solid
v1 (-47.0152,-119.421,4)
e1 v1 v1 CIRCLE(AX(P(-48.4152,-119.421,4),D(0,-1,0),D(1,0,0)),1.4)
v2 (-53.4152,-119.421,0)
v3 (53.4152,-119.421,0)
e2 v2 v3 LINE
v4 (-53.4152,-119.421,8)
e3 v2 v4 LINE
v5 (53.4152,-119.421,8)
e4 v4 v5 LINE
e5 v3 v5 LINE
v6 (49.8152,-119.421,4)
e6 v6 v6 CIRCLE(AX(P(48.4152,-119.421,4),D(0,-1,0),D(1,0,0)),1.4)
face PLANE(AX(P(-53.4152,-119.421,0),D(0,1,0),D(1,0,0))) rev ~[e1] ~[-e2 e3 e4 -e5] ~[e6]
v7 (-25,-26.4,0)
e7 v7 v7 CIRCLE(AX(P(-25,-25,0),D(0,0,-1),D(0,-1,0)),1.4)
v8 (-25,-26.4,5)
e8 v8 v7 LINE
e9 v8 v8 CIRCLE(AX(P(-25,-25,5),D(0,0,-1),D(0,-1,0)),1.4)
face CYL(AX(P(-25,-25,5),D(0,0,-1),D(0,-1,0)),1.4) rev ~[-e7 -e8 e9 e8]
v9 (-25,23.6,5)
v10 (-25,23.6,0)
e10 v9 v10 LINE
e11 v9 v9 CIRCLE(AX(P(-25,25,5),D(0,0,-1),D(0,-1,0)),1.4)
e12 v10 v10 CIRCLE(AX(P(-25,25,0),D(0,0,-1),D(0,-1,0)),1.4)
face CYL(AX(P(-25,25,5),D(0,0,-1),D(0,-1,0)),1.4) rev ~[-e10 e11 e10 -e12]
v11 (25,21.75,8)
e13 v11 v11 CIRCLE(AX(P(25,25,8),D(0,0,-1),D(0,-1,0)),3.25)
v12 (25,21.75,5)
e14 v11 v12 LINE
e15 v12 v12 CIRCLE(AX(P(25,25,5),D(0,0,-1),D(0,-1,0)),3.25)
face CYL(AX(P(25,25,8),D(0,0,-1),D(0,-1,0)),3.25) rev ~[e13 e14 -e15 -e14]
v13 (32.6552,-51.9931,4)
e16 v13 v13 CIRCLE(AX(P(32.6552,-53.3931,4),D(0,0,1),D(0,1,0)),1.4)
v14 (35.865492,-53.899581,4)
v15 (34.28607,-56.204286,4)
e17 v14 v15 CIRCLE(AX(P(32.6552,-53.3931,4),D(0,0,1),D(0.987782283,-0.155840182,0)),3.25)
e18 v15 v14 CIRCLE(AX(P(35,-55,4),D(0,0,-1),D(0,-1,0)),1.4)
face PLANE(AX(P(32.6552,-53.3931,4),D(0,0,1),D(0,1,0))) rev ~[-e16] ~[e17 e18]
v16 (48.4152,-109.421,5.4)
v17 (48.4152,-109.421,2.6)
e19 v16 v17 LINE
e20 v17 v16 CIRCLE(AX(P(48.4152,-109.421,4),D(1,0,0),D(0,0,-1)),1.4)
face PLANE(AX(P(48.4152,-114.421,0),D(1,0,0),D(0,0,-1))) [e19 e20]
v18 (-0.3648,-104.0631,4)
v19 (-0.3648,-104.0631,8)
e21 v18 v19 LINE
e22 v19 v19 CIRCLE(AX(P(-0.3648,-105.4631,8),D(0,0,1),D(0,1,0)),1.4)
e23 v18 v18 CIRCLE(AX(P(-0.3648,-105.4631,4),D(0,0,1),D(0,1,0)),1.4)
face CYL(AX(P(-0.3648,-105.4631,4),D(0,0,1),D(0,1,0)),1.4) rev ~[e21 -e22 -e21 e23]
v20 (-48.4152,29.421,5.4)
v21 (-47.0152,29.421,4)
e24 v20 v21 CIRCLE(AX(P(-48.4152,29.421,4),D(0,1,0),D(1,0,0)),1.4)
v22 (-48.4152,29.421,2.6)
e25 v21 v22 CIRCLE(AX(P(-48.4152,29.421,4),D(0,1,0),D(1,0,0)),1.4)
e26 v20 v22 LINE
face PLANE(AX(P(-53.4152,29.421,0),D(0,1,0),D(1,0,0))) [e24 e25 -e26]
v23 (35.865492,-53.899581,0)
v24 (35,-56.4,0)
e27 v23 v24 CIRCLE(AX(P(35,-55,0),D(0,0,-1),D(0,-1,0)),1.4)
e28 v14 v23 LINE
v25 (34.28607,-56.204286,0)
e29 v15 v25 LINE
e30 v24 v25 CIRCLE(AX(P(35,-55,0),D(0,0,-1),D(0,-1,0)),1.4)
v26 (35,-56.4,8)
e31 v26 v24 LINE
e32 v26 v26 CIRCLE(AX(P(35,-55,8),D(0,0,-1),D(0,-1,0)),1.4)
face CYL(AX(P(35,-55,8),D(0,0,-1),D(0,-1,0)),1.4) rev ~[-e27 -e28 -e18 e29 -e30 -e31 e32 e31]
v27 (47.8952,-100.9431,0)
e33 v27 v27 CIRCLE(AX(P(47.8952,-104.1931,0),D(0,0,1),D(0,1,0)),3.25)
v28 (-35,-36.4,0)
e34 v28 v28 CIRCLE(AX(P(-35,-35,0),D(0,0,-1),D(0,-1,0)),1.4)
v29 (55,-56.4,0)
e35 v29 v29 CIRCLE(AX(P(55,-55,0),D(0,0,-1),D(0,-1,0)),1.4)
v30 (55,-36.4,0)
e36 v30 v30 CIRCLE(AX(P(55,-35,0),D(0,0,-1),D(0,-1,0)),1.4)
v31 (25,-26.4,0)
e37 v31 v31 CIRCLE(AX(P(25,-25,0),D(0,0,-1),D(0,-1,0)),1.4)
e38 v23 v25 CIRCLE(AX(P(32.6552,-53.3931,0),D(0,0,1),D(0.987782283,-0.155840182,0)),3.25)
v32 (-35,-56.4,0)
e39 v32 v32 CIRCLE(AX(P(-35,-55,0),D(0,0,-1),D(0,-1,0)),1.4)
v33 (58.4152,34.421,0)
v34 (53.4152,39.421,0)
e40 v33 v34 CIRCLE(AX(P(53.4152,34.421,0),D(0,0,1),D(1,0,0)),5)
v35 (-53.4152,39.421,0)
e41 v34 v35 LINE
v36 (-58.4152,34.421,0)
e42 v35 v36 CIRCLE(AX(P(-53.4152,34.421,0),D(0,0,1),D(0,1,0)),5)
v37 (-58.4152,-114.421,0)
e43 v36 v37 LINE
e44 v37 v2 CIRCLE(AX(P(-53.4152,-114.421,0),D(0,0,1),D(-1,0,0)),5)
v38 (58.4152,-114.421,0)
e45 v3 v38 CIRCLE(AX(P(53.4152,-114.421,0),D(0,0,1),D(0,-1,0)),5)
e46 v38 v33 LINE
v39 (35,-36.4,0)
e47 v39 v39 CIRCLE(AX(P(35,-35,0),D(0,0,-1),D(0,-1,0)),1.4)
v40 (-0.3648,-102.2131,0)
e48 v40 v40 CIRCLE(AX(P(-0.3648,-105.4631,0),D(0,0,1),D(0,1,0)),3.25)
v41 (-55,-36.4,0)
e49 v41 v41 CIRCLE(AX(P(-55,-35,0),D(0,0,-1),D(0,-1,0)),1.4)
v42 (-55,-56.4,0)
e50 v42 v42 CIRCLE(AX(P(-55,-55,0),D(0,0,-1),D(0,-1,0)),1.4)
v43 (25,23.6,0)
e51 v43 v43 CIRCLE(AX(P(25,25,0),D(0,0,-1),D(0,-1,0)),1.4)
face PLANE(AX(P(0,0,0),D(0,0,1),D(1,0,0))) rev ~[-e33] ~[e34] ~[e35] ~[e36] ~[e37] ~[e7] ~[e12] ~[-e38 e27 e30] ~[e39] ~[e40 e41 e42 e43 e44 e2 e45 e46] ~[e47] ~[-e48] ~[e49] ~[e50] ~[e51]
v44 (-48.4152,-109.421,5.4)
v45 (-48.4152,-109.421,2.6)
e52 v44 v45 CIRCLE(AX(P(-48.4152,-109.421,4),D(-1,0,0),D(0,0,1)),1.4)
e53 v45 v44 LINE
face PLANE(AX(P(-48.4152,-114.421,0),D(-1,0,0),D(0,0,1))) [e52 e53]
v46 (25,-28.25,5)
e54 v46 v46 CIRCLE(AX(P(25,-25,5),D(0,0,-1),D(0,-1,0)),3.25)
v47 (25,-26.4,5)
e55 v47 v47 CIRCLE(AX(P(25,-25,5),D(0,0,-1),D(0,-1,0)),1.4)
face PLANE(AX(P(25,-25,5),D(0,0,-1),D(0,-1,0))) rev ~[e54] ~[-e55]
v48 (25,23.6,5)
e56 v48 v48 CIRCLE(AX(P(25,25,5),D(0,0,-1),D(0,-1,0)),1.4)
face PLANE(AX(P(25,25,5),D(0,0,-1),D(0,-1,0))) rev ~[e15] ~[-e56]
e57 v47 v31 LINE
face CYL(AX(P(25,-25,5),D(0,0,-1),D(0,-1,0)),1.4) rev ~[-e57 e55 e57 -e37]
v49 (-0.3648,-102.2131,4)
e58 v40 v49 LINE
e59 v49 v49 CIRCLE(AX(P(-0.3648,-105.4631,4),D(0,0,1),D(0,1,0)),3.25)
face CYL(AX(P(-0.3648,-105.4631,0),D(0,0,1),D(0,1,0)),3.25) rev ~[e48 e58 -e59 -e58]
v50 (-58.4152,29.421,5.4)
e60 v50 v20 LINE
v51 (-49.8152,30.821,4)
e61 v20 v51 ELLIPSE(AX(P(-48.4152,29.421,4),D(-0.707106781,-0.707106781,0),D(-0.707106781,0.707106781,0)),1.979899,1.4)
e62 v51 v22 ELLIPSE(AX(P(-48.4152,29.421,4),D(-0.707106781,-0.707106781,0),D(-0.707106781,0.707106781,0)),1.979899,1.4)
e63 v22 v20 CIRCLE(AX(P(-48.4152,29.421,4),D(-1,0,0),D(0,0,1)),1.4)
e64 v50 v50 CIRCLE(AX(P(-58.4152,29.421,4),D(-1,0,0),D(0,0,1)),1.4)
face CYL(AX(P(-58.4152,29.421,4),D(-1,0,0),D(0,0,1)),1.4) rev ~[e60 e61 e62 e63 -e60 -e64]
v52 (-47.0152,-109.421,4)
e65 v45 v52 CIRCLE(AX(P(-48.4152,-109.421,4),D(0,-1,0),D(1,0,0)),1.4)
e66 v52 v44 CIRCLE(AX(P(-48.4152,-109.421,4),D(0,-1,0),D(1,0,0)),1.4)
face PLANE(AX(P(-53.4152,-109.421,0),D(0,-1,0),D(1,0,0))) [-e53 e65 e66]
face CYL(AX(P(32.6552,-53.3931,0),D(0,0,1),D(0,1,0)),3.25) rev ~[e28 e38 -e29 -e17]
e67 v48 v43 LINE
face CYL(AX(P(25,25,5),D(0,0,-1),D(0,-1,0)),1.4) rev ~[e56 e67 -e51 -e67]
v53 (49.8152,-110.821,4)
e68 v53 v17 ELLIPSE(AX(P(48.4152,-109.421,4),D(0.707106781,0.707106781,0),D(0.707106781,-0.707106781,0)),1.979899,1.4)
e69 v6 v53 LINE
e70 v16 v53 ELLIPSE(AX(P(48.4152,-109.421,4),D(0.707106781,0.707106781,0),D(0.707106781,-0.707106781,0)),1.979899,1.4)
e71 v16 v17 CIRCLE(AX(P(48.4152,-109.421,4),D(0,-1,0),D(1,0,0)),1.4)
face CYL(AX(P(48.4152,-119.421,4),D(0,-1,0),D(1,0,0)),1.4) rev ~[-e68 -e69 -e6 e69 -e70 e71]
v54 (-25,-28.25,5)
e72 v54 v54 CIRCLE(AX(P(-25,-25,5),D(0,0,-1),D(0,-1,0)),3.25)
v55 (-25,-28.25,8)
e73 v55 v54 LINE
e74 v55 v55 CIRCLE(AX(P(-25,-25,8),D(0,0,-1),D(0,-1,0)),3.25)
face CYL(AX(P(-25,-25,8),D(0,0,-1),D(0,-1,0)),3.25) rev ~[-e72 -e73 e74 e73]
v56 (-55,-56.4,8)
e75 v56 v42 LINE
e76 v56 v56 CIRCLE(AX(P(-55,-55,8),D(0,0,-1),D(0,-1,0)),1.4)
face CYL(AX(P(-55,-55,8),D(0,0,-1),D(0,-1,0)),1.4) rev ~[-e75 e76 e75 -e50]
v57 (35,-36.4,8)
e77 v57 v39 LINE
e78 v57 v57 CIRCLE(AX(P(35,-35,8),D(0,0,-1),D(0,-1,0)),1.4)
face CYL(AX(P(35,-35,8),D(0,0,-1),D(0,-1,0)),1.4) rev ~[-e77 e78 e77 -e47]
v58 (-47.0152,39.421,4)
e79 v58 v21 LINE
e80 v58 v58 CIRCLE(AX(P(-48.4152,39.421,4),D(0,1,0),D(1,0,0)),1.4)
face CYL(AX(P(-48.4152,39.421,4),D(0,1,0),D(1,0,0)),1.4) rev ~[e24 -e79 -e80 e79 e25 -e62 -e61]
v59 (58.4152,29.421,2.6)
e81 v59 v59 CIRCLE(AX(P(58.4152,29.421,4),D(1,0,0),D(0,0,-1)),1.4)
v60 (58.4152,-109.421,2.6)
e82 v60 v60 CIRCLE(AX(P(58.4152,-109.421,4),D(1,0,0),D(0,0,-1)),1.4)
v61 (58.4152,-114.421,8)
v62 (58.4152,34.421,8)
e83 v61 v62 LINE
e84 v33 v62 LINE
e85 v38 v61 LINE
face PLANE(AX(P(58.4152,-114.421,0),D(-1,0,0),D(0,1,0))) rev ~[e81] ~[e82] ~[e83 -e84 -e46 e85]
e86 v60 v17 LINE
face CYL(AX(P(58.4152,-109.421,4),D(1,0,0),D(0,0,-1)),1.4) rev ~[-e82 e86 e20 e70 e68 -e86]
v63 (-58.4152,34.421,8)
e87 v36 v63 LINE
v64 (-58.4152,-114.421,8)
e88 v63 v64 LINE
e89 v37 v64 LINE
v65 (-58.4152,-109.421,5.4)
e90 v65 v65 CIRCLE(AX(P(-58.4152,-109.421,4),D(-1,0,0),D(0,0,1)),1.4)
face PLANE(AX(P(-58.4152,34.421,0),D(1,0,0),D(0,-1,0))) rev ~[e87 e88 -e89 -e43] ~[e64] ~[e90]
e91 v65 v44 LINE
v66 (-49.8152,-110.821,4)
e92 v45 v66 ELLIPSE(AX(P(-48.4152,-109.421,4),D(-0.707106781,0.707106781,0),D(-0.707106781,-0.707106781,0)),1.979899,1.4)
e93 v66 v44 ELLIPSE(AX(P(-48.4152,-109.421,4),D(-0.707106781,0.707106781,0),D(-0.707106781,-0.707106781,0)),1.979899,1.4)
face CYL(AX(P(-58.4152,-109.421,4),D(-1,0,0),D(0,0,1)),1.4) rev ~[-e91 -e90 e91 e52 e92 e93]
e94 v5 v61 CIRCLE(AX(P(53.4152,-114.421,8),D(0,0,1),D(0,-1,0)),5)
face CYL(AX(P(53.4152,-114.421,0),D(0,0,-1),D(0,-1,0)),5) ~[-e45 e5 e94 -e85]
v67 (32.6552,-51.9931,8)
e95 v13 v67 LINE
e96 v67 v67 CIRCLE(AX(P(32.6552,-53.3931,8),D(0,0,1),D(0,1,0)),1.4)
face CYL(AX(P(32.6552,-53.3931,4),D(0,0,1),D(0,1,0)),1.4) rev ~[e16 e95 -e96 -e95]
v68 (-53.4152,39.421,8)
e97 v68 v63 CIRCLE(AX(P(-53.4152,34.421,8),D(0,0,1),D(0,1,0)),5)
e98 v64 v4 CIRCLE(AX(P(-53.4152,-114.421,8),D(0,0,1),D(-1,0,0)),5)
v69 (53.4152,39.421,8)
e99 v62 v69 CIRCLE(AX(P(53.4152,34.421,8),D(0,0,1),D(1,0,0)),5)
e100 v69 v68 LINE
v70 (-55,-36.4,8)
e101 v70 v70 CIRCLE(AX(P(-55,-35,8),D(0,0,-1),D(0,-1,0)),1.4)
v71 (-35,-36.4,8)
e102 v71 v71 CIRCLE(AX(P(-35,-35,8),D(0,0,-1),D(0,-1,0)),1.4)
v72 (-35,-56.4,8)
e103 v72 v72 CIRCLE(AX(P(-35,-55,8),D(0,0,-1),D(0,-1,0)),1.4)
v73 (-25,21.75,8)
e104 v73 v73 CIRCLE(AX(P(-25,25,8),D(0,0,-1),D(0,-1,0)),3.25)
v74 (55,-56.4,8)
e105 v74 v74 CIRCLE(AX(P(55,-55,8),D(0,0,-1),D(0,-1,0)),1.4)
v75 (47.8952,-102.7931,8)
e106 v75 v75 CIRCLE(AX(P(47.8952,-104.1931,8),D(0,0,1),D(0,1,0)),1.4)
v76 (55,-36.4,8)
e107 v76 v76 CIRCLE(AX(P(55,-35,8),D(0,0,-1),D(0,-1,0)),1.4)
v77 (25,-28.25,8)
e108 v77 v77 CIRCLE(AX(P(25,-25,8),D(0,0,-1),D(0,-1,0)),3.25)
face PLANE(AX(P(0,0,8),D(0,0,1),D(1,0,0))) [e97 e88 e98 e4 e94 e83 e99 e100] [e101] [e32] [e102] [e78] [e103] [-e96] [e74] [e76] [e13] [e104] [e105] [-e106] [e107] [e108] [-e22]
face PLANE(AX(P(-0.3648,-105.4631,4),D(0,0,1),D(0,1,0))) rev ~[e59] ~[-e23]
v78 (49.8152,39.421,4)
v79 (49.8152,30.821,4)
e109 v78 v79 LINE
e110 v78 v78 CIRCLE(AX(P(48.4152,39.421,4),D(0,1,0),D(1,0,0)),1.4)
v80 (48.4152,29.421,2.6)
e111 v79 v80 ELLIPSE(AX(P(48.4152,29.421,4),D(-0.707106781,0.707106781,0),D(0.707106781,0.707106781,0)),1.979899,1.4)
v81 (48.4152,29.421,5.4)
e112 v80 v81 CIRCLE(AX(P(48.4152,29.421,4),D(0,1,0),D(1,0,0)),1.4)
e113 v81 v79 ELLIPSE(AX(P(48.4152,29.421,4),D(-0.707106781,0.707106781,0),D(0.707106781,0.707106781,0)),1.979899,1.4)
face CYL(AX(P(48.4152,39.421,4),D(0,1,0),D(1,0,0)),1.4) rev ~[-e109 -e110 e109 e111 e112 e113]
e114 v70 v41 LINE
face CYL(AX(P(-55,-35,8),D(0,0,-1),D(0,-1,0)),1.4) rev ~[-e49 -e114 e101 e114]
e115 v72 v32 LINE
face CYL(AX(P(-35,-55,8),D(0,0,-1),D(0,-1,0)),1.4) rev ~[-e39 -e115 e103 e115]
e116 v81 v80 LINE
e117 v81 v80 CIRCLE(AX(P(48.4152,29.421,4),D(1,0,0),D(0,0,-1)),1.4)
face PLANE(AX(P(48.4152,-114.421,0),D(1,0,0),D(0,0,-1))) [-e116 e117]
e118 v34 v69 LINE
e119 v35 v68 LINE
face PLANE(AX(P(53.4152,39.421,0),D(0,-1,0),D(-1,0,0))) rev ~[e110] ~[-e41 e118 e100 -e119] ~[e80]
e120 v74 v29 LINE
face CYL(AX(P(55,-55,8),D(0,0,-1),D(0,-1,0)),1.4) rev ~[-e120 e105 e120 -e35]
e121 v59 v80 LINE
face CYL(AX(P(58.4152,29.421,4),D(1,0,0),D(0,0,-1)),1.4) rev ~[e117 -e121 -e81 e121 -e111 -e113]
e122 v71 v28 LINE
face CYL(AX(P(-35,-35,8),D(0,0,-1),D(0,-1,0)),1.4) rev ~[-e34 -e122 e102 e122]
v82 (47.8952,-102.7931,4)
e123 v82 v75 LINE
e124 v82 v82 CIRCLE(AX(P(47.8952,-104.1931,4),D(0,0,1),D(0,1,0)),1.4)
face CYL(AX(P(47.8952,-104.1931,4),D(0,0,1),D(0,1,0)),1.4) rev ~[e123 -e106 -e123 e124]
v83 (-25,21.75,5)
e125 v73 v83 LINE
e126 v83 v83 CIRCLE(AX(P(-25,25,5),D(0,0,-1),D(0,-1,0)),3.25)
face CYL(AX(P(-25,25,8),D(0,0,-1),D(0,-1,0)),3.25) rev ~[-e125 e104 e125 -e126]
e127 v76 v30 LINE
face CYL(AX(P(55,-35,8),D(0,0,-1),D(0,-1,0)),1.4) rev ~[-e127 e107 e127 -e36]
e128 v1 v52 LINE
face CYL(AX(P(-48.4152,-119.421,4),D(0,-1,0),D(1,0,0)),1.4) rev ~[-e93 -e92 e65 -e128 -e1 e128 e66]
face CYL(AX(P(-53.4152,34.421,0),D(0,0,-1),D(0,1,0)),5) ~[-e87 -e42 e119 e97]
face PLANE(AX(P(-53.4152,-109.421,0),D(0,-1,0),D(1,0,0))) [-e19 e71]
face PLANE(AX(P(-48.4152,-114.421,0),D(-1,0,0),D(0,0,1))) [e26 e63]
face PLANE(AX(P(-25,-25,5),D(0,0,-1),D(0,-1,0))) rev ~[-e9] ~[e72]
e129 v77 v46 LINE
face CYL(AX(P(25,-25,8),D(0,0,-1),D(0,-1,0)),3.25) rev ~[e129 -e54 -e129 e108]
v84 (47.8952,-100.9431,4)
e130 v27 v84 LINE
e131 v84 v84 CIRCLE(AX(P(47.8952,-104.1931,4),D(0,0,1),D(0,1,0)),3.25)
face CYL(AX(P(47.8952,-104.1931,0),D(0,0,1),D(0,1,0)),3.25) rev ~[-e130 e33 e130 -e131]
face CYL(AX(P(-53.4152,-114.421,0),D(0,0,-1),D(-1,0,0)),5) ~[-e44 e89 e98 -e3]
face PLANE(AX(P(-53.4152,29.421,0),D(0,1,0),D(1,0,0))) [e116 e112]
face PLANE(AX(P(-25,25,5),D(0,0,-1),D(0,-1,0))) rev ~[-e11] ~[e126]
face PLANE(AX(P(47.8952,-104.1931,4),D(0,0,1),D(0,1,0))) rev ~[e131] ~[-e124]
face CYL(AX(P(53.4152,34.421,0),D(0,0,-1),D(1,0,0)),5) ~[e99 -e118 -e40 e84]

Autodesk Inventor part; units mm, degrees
ref_plane "YZ Plane" through (0, 0, 0) normal (1, 0, 0) x (0, 1, 0)
ref_plane "XZ Plane" through (0, 0, 0) normal (0, 1, 0) x (-1, 0, 0)
ref_plane "XY Plane" through (0, 0, 0) normal (0, 0, 1) x (1, 0, 0)
ref_plane "Arbeitsebene1" through (0, 0, 0) normal (0, 0, 1) x (1, 0, 0)
sketch "Skizze1" plane through (0, 0, 0) normal (0, 0, 1) x (1, 0, 0)
  point P0 (0, 0)
ref_plane "Arbeitsebene2" through (0, 0, 0) normal (0, 0, 1) x (1, 0, 0)
sketch "Skizze2" plane through (0, 0, 0) normal (0, 0, 1) x (1, 0, 0)
  line L0 (58.4152, -114.421) -> (58.4152, 34.421) projected
  arc A0 (58.4152, 34.421) -> (53.4152, 39.421) centre (53.4152, 34.421) ccw projected
  line L1 (53.4152, 39.421) -> (-53.4152, 39.421) projected
  arc A1 (-53.4152, 39.421) -> (-58.4152, 34.421) centre (-53.4152, 34.421) ccw projected
  line L2 (-58.4152, 34.421) -> (-58.4152, -114.421) projected
  arc A2 (-58.4152, -114.421) -> (-53.4152, -119.421) centre (-53.4152, -114.421) ccw projected
  line L3 (-53.4152, -119.421) -> (53.4152, -119.421) projected
  arc A3 (53.4152, -119.421) -> (58.4152, -114.421) centre (53.4152, -114.421) ccw projected
  circle A4 centre (-25, 25) radius 2.25 projected
  circle A5 centre (25, 25) radius 2.25 projected
  circle A6 centre (-25, -25) radius 2.25 projected
  circle A7 centre (25, -25) radius 2.25 projected
  circle A8 centre (-54.4152, 35.421) radius 1.4 projected
  circle A9 centre (54.4152, -115.421) radius 1.4 projected
  circle A10 centre (54.4152, 35.421) radius 1.4 projected
  circle A11 centre (-54.4152, -115.421) radius 1.4 projected
  line L4 (41.1596, -107.1216) -> (-37.8004, -107.1216) projected
  line L5 (-37.8004, -107.1216) -> (-37.8004, 14.1284) projected
  line L6 (-37.8004, 14.1284) -> (41.1596, 14.1284) projected
  line L7 (41.1596, 14.1284) -> (41.1596, -107.1216) projected
  point P0 (0, 0)
extrude "Extrusion1" add sketch "Skizze2" along normal blind 8 contours A3 L3 A2 L2 A1 L1 A0 L0 | A4 | A5 | A6 | A7 | A8 | A9 | A10 | A11 | L4 L5 L6 L7
sketch "Skizze4" plane through (0, 0, 8) normal (0, 0, 1) x (1, 0, 0)
  arc A0 (58.4152, 34.421) -> (53.4152, 39.421) centre (53.4152, 34.421) ccw projected
  line L0 (53.4152, 39.421) -> (-53.4152, 39.421) projected
  arc A1 (-53.4152, 39.421) -> (-58.4152, 34.421) centre (-53.4152, 34.421) ccw projected
  line L1 (-58.4152, 34.421) -> (-58.4152, -114.421) projected
  arc A2 (-58.4152, -114.421) -> (-53.4152, -119.421) centre (-53.4152, -114.421) ccw projected
  line L2 (-53.4152, -119.421) -> (53.4152, -119.421) projected
  arc A3 (53.4152, -119.421) -> (58.4152, -114.421) centre (53.4152, -114.421) ccw projected
  line L3 (58.4152, -114.421) -> (58.4152, 34.421) projected
  line L4 (-55, -55) -> (-35, -55)
  line L5 (-35, -55) -> (-35, -35)
  line L6 (-35, -35) -> (-55, -35)
  line L7 (-55, -35) -> (-55, -55)
  line L8 (-55, -55) -> (-35, -35) construction
  line L9 (-35, -55) -> (-55, -35) construction
  line L10 (35, -55) -> (55, -55)
  line L11 (55, -55) -> (55, -35)
  line L12 (55, -35) -> (35, -35)
  line L13 (35, -35) -> (35, -55)
  line L14 (35, -55) -> (55, -35) construction
  line L15 (55, -55) -> (35, -35) construction
  point P0 (0, 0)
  point P1 (-45, -45)
  point P2 (45, -45)
  dimension "d13" = 20
  dimension "d14" = 20
  dimension "d15" = 20
  dimension "d16" = 20
hole "Bohrung1" at (-35, -55, 8) at (-35, -35, 8) at (-55, -35, 8) at (-55, -55, 8) at (35, -55, 8) at (35, -35, 8) at (55, -55, 8) at (55, -35, 8) direction (0, 0, -1) diameter 2.8 end through all
sketch "Skizze5" plane through (0, 0, 8) normal (0, 0, 1) x (1, 0, 0)
  line L0 (-29.2, 30) -> (29.2, 30) projected
  line L1 (-29.2, 30) -> (-30, 29.2) projected
  line L2 (-30, -29.2) -> (-30, 29.2) projected
  line L3 (-30, -29.2) -> (-29.2, -30) projected
  line L4 (-29.2, -30) -> (29.2, -30) projected
  line L5 (29.2, -30) -> (30, -29.2) projected
  line L6 (30, -29.2) -> (30, 29.2) projected
  line L7 (30, 29.2) -> (29.2, 30) projected
  circle A0 centre (-25, -25) radius 2.25 projected
  circle A1 centre (25, -25) radius 2.25 projected
  circle A2 centre (25, 25) radius 2.25 projected
  circle A3 centre (-25, 25) radius 2.25 projected
  point P0 (0, 0)
hole "Bohrung2" at (-25, -25, 8) at (-25, 25, 8) at (25, 25, 8) at (25, -25, 8) direction (0, 0, -1) diameter 2.8 end through all counterbore diameter 6.5 counterbore depth 3
sketch "Skizze6" plane through (-58.4152, -114.421, 0) normal (-1, 0, 0) x (0, 0, 1)
  line L0 (0, 148.842) -> (0, 0) projected
  line L1 (0, 0) -> (8, 0) projected
  line L2 (8, 148.842) -> (8, 0) projected
  line L3 (0, 148.842) -> (8, 148.842) projected
  circle A0 centre (4, 5) radius 1.4
  circle A1 centre (4, 143.842) radius 1.4
  point P0 (0, 114.421)
  dimension "d52" = 2.8
  dimension "d53" = 2.8
  dimension "d54" = 5
  dimension "d55" = 5
  dimension "d68" = 4
  dimension "d69" = 0
extrude "Extrusion3" cut sketch "Skizze6" against normal blind 10 contours A0 | A1
sketch "Skizze7" plane through (-53.4152, 39.421, 0) normal (0, 1, 0) x (1, 0, 0)
  line L0 (106.8304, 0) -> (0, 0) projected
  line L1 (0, 0) -> (0, -8) projected
  line L2 (106.8304, -8) -> (0, -8) projected
  line L3 (106.8304, 0) -> (106.8304, -8) projected
  circle A0 centre (5, -4) radius 1.4
  circle A1 centre (101.8304, -4) radius 1.4
  point P0 (53.4152, 0)
  dimension "d58" = 2.8
  dimension "d59" = 2.8
  dimension "d60" = 5
  dimension "d61" = 5
  dimension "d70" = 4
  dimension "d71" = 4
extrude "Extrusion4" cut sketch "Skizze7" against normal blind 10 contours A0 | A1
sketch "Skizze8" plane through (58.4152, -114.421, 0) normal (1, 0, 0) x (0, 0, -1)
  circle A0 centre (-4, 143.842) radius 1.4 projected
  circle A1 centre (-4, 5) radius 1.4 projected
  line L0 (0, 148.842) -> (0, 0) projected
  line L1 (0, 0) -> (-8, 0) projected
  line L2 (-8, 148.842) -> (-8, 0) projected
  line L3 (0, 148.842) -> (-8, 148.842) projected
  point P0 (0, 114.421)
extrude "Extrusion5" cut sketch "Skizze8" against normal blind 10 contours A0 | A1
sketch "Skizze9" plane through (-53.4152, -119.421, 0) normal (0, -1, 0) x (1, 0, 0)
  circle A0 centre (101.8304, 4) radius 1.4 projected
  circle A1 centre (5, 4) radius 1.4 projected
  line L0 (106.8304, 0) -> (0, 0) projected
  line L1 (0, 0) -> (0, 8) projected
  line L2 (106.8304, 8) -> (0, 8) projected
  line L3 (106.8304, 0) -> (106.8304, 8) projected
  point P0 (53.4152, 0)
extrude "Extrusion6" cut sketch "Skizze9" against normal blind 10 contours A0 | A1
sketch "Skizze10" plane through (0, 0, 0) normal (0, 0, -1) x (-1, 0, 0)
  circle A0 centre (-47.8952, -104.1931) radius 1.75 projected
  circle A1 centre (0.3648, -105.4631) radius 1.75 projected
  circle A2 centre (-32.6552, -53.3931) radius 1.75 projected
  point P0 (0, 0)
hole "Bohrung3" at (32.6552, -53.3931, 0) at (47.8952, -104.1931, 0) at (-0.3648, -105.4631, 0) direction (0, 0, 1) diameter 2.8 end through all counterbore diameter 6.5 counterbore depth 4
equation "\"d68\" = 0.5 * a1"
equation "\"d70\" = 0.5 * a1"
equation "\"d71\" = 0.5 * a1"
equation "\"a1\" = 8"
properties part number "Omniscope_USBC_Base"
